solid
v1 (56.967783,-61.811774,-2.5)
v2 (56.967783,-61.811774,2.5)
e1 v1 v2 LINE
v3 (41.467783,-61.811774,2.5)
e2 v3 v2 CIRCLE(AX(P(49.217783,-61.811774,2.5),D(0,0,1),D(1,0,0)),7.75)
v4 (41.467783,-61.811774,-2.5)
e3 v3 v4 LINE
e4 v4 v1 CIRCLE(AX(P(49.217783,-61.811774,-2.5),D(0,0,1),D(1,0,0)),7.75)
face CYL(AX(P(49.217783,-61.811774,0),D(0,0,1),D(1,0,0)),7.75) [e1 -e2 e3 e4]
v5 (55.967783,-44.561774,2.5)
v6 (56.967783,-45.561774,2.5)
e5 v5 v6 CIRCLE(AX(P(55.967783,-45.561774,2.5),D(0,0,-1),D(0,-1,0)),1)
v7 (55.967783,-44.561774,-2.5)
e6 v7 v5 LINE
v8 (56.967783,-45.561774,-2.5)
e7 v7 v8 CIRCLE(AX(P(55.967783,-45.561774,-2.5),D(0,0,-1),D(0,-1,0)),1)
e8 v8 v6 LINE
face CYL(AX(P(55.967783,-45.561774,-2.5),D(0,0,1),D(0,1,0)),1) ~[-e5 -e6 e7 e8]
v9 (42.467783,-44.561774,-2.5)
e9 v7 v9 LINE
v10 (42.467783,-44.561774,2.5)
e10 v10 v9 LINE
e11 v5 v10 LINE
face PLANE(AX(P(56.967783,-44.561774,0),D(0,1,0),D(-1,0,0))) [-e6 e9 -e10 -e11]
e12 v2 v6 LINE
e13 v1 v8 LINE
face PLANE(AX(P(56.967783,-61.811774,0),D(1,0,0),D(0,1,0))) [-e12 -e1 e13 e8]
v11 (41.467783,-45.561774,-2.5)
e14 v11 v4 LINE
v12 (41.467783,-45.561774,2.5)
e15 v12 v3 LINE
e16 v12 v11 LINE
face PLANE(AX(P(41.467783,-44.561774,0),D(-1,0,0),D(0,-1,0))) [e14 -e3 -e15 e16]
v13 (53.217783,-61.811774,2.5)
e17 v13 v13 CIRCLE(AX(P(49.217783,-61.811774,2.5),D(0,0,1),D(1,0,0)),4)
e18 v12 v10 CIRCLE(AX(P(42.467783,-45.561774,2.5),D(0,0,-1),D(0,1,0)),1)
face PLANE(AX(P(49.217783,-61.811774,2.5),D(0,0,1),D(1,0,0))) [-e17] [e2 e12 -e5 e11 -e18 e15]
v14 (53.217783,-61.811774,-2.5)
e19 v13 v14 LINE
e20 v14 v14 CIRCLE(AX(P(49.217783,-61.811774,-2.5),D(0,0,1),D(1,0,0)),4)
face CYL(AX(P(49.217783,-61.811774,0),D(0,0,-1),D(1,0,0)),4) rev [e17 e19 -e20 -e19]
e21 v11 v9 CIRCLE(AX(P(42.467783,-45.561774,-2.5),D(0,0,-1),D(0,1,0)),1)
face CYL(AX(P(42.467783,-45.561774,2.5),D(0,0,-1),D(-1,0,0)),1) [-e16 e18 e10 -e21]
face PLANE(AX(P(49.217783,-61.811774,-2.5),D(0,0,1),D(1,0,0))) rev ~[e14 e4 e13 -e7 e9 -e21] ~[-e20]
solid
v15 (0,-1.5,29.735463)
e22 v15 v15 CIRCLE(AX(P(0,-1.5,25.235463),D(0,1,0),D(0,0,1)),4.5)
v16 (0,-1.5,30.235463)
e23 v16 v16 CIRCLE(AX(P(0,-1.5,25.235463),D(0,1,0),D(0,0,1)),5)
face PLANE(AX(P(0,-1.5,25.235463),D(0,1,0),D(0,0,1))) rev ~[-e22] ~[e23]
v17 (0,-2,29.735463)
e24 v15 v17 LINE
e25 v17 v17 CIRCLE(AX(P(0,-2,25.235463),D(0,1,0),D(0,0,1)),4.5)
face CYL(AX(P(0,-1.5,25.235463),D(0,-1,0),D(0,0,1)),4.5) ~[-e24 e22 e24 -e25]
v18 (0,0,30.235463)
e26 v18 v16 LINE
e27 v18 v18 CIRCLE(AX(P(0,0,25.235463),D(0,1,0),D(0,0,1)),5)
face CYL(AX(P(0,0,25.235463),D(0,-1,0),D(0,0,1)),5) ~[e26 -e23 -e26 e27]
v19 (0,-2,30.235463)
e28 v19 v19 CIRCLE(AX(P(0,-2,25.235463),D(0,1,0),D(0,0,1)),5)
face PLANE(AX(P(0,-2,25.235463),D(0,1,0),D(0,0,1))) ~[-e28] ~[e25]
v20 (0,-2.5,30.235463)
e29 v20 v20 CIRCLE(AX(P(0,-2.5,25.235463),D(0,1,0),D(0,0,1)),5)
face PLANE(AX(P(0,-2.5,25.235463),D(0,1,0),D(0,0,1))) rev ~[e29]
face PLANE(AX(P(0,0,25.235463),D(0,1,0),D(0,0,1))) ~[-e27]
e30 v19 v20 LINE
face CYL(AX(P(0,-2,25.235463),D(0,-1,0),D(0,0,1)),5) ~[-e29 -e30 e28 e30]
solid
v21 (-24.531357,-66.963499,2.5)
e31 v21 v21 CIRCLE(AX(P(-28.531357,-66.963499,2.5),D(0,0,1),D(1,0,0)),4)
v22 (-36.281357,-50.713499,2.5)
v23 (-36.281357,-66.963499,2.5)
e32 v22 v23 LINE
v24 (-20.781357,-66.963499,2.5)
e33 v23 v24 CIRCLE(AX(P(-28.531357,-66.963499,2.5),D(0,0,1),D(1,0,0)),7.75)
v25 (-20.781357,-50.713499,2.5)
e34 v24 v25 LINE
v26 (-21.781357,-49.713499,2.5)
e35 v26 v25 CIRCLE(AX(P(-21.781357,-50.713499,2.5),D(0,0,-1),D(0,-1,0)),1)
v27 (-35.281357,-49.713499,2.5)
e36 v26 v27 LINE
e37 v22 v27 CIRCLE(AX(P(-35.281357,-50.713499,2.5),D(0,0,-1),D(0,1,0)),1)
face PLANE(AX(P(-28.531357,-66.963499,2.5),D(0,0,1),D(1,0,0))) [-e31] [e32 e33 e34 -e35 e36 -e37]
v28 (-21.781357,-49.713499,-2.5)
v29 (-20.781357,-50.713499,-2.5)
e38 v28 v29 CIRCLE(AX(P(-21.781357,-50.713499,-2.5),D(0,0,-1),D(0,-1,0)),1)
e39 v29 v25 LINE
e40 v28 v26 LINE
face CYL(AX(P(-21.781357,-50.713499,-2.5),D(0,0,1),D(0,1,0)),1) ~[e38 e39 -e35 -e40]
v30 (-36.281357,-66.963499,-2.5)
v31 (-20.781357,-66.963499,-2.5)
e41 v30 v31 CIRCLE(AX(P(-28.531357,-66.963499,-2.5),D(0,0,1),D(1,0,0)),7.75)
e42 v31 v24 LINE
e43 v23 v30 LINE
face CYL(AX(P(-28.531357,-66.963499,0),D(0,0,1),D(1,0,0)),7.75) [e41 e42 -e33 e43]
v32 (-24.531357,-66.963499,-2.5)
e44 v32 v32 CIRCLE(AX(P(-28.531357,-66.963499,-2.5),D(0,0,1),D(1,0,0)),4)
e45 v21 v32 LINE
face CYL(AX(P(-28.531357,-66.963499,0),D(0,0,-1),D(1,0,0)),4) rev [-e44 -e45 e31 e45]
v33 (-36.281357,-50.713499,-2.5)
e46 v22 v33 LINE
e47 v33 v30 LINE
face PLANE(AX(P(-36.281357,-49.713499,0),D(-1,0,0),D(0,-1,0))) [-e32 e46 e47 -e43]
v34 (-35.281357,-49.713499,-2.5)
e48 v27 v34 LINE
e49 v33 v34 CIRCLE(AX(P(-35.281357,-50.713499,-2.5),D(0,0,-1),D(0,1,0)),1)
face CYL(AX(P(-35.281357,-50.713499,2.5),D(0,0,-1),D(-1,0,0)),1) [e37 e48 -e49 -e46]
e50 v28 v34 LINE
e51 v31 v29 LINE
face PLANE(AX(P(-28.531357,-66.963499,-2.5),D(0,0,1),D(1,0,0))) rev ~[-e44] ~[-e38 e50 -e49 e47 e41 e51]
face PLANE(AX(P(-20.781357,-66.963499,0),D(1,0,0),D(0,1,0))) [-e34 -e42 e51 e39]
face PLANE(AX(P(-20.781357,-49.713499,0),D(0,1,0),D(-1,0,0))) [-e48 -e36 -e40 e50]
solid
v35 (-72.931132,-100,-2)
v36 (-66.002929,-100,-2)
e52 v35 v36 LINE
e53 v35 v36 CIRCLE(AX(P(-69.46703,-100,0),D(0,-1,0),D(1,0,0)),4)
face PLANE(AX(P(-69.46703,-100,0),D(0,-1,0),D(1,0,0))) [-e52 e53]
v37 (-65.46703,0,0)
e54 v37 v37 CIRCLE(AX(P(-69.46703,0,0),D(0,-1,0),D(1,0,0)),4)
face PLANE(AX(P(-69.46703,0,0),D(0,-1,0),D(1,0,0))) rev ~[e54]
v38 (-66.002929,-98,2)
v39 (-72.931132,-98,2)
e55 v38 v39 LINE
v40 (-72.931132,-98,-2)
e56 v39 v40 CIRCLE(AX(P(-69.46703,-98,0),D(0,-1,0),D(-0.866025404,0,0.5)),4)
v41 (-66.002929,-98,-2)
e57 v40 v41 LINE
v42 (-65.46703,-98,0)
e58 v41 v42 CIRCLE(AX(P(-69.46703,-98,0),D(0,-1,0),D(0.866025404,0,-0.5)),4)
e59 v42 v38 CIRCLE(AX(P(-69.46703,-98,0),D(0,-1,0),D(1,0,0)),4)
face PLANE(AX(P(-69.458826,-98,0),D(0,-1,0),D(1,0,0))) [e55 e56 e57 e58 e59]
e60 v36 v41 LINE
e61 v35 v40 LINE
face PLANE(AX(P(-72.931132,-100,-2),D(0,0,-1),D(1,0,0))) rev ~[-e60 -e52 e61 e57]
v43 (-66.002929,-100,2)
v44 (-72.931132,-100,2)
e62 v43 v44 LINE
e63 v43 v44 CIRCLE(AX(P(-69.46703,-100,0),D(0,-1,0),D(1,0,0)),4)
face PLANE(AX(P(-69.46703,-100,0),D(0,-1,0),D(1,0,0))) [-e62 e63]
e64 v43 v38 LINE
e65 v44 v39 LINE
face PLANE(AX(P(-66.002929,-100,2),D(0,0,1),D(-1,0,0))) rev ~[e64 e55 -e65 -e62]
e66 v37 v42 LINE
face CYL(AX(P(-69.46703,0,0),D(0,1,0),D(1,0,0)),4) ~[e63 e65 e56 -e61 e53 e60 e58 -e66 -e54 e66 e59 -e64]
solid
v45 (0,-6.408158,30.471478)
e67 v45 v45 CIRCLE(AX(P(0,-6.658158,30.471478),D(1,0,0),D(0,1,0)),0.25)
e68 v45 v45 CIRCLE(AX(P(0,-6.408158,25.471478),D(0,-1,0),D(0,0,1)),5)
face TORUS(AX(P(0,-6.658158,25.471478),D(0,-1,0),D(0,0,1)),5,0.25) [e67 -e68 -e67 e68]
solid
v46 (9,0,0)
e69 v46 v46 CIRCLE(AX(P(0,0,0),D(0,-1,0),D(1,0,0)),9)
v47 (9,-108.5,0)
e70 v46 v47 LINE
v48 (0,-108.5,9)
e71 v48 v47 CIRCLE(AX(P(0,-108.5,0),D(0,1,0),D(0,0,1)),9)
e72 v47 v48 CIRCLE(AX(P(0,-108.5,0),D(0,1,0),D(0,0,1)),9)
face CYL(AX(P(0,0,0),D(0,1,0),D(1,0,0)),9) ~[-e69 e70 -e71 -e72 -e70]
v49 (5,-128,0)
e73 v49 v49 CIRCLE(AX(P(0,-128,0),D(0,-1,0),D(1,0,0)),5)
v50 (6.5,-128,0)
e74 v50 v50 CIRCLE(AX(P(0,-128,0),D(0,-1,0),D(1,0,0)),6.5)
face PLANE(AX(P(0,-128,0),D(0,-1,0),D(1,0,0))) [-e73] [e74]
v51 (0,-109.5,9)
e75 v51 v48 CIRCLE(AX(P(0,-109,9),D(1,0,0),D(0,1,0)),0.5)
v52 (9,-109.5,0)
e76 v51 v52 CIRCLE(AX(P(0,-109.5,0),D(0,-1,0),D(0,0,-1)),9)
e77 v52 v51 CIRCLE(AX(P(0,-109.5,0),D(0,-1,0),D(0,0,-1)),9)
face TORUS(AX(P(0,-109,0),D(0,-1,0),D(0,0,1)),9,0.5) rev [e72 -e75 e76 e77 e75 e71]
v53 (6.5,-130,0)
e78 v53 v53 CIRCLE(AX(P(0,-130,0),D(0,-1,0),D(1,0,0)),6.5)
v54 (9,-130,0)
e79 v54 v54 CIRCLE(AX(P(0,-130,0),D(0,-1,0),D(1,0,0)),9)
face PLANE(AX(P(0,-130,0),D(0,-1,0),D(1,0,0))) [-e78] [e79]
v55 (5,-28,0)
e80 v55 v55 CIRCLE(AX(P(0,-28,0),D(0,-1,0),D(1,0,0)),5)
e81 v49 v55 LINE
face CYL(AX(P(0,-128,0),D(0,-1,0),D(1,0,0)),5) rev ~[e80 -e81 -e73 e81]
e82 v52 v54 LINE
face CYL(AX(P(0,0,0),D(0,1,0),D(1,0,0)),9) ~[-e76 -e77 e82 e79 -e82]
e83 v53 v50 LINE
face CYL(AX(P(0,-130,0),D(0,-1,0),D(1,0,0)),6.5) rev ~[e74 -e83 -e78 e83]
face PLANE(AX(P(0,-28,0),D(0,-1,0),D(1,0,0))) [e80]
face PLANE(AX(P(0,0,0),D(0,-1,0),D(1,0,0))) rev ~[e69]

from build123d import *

# Parameters (mm, degrees)
F0_R      = 4
F1_DEPTH  = 100
F2_R      = 9
F3_DEPTH  = 130
F4_R      = 4
F5_DEPTH  = 2.5
F6_R      = 1
F7_R      = 1
F8_R      = 0.5
F11_DEPTH = 2
F12_R     = 6.5
F13_DEPTH = 2
F14_R     = 5
F15_DEPTH = 100
F18_R     = 0.25


with BuildPart() as f1:
    # F0 (on Front) → F1 (new body)
    with BuildSketch(Plane.XZ):
        with Locations((-69.4670304656, 0)):
            Circle(F0_R)
    extrude(amount=F1_DEPTH)

    # F10 (on face) → F11 (cut)
    with BuildSketch(Plane.XZ.offset(100)):
        with BuildLine():
            Line((-66.0029288505, 2), (-72.9311320807, 2))
            ThreePointArc((-72.9311320807, 2), (-73.4670304656, 0), (-72.9311320807, -2))
            Line((-72.9311320807, -2), (-66.0029288505, -2))
            ThreePointArc((-66.0029288505, -2), (-65.6033271604, -1.0352761804), (-65.4670304656, 0))
            ThreePointArc((-65.4670304656, 0), (-65.6033271604, 1.0352761804), (-66.0029288505, 2))
        make_face()
    extrude(amount=-F11_DEPTH, mode=Mode.SUBTRACT)


with BuildPart() as f3:
    # F2 (on Front) → F3 (new body)
    with BuildSketch(Plane.XZ):
        Circle(F2_R)
    extrude(amount=F3_DEPTH)

    # F8 (on Right) → F9 (revolve, cut)
    with BuildSketch(Plane.YZ):
        with Locations((-109, 9)):
            Circle(F8_R)
    revolve(axis=Axis((0, 0, 0), (0, 1, 0)), mode=Mode.SUBTRACT)

    # F12 (on face) → F13 (cut)
    with BuildSketch(Plane.XZ.offset(130)):
        Circle(F12_R)
    extrude(amount=-F13_DEPTH, mode=Mode.SUBTRACT)

    # F14 (on face) → F15 (cut)
    with BuildSketch(Plane.XZ.offset(128)):
        Circle(F14_R)
    extrude(amount=-F15_DEPTH, mode=Mode.SUBTRACT)


with BuildPart() as f5:
    # F4 (on Top) → F5 (new body, symmetric)
    with BuildSketch(Plane.XY):
        with BuildLine():
            ThreePointArc((-36.2813571053, -66.9634986102), (-28.5313571053, -74.7134986102), (-20.7813571053, -66.9634986102))
            ThreePointArc((-20.7813571053, -66.9634986102), (-28.5313571053, -59.2134986102), (-36.2813571053, -66.9634986102))
        make_face()
        with Locations((-28.5313571053, -66.9634986102)):
            Circle(F4_R, mode=Mode.SUBTRACT)
        with BuildLine():
            ThreePointArc((-36.2813571053, -66.9634986102), (-28.5313571053, -59.2134986102), (-20.7813571053, -66.9634986102))
            Line((-20.7813571053, -66.9634986102), (-20.7813571053, -49.7134986102))
            Line((-20.7813571053, -49.7134986102), (-36.2813571053, -49.7134986102))
            Line((-36.2813571053, -49.7134986102), (-36.2813571053, -66.9634986102))
        make_face()
    extrude(amount=F5_DEPTH, both=True)

    # F6
    f6_edges = [f5.edges().sort_by_distance(p)[0] for p in [
        (-20.781357, -49.713499, 0),
        (-36.281357, -49.713499, 0),
    ]]
    fillet(f6_edges, radius=F6_R)


with BuildPart() as f5b:
    # F4 (on Top) → F5, piece 2 (new body, symmetric)
    with BuildSketch(Plane.XY):
        with BuildLine():
            ThreePointArc((41.4677829146, -61.8117736518), (49.2177829146, -69.5617736518), (56.9677829146, -61.8117736518))
            ThreePointArc((56.9677829146, -61.8117736518), (49.2177829146, -54.0617736518), (41.4677829146, -61.8117736518))
        make_face()
        with Locations((49.2177829146, -61.8117736518)):
            Circle(F4_R, mode=Mode.SUBTRACT)
        with BuildLine():
            ThreePointArc((41.4677829146, -61.8117736518), (49.2177829146, -54.0617736518), (56.9677829146, -61.8117736518))
            Line((56.9677829146, -61.8117736518), (56.9677829146, -44.5617736518))
            Line((56.9677829146, -44.5617736518), (41.4677829146, -44.5617736518))
            Line((41.4677829146, -44.5617736518), (41.4677829146, -61.8117736518))
        make_face()
    extrude(amount=F5_DEPTH, both=True)

    # F7
    f7_edges = [f5b.edges().sort_by_distance(p)[0] for p in [
        (41.467783, -44.561774, 0),
        (56.967783, -44.561774, 0),
    ]]
    fillet(f7_edges, radius=F7_R)


with BuildPart() as f17:
    # F16 (on Right) → F17 (revolve)
    with BuildSketch(Plane.YZ):
        Polygon((-2.5, 25.2354628294), (0, 25.2354628294), (0, 30.2354628294), (-1.5, 30.2354628294), (-1.5, 29.7354628294), (-2, 29.7354628294), (-2, 30.2354628294), (-2.5, 30.2354628294), align=None)
    revolve(axis=Axis((0, -1.25, 25.2354628294), (0, 1, 0)))


with BuildPart() as f19:
    # F18 (on Right) → F19 (revolve)
    with BuildSketch(Plane.YZ):
        with Locations((-6.6581582472, 30.4714779809)):
            Circle(F18_R)
    revolve(axis=Axis((0, -7.2035943158, 25.4714779809), (0, -1, 0)))


solid = Compound([f1.part, f3.part, f5.part, f5b.part, f17.part, f19.part])
